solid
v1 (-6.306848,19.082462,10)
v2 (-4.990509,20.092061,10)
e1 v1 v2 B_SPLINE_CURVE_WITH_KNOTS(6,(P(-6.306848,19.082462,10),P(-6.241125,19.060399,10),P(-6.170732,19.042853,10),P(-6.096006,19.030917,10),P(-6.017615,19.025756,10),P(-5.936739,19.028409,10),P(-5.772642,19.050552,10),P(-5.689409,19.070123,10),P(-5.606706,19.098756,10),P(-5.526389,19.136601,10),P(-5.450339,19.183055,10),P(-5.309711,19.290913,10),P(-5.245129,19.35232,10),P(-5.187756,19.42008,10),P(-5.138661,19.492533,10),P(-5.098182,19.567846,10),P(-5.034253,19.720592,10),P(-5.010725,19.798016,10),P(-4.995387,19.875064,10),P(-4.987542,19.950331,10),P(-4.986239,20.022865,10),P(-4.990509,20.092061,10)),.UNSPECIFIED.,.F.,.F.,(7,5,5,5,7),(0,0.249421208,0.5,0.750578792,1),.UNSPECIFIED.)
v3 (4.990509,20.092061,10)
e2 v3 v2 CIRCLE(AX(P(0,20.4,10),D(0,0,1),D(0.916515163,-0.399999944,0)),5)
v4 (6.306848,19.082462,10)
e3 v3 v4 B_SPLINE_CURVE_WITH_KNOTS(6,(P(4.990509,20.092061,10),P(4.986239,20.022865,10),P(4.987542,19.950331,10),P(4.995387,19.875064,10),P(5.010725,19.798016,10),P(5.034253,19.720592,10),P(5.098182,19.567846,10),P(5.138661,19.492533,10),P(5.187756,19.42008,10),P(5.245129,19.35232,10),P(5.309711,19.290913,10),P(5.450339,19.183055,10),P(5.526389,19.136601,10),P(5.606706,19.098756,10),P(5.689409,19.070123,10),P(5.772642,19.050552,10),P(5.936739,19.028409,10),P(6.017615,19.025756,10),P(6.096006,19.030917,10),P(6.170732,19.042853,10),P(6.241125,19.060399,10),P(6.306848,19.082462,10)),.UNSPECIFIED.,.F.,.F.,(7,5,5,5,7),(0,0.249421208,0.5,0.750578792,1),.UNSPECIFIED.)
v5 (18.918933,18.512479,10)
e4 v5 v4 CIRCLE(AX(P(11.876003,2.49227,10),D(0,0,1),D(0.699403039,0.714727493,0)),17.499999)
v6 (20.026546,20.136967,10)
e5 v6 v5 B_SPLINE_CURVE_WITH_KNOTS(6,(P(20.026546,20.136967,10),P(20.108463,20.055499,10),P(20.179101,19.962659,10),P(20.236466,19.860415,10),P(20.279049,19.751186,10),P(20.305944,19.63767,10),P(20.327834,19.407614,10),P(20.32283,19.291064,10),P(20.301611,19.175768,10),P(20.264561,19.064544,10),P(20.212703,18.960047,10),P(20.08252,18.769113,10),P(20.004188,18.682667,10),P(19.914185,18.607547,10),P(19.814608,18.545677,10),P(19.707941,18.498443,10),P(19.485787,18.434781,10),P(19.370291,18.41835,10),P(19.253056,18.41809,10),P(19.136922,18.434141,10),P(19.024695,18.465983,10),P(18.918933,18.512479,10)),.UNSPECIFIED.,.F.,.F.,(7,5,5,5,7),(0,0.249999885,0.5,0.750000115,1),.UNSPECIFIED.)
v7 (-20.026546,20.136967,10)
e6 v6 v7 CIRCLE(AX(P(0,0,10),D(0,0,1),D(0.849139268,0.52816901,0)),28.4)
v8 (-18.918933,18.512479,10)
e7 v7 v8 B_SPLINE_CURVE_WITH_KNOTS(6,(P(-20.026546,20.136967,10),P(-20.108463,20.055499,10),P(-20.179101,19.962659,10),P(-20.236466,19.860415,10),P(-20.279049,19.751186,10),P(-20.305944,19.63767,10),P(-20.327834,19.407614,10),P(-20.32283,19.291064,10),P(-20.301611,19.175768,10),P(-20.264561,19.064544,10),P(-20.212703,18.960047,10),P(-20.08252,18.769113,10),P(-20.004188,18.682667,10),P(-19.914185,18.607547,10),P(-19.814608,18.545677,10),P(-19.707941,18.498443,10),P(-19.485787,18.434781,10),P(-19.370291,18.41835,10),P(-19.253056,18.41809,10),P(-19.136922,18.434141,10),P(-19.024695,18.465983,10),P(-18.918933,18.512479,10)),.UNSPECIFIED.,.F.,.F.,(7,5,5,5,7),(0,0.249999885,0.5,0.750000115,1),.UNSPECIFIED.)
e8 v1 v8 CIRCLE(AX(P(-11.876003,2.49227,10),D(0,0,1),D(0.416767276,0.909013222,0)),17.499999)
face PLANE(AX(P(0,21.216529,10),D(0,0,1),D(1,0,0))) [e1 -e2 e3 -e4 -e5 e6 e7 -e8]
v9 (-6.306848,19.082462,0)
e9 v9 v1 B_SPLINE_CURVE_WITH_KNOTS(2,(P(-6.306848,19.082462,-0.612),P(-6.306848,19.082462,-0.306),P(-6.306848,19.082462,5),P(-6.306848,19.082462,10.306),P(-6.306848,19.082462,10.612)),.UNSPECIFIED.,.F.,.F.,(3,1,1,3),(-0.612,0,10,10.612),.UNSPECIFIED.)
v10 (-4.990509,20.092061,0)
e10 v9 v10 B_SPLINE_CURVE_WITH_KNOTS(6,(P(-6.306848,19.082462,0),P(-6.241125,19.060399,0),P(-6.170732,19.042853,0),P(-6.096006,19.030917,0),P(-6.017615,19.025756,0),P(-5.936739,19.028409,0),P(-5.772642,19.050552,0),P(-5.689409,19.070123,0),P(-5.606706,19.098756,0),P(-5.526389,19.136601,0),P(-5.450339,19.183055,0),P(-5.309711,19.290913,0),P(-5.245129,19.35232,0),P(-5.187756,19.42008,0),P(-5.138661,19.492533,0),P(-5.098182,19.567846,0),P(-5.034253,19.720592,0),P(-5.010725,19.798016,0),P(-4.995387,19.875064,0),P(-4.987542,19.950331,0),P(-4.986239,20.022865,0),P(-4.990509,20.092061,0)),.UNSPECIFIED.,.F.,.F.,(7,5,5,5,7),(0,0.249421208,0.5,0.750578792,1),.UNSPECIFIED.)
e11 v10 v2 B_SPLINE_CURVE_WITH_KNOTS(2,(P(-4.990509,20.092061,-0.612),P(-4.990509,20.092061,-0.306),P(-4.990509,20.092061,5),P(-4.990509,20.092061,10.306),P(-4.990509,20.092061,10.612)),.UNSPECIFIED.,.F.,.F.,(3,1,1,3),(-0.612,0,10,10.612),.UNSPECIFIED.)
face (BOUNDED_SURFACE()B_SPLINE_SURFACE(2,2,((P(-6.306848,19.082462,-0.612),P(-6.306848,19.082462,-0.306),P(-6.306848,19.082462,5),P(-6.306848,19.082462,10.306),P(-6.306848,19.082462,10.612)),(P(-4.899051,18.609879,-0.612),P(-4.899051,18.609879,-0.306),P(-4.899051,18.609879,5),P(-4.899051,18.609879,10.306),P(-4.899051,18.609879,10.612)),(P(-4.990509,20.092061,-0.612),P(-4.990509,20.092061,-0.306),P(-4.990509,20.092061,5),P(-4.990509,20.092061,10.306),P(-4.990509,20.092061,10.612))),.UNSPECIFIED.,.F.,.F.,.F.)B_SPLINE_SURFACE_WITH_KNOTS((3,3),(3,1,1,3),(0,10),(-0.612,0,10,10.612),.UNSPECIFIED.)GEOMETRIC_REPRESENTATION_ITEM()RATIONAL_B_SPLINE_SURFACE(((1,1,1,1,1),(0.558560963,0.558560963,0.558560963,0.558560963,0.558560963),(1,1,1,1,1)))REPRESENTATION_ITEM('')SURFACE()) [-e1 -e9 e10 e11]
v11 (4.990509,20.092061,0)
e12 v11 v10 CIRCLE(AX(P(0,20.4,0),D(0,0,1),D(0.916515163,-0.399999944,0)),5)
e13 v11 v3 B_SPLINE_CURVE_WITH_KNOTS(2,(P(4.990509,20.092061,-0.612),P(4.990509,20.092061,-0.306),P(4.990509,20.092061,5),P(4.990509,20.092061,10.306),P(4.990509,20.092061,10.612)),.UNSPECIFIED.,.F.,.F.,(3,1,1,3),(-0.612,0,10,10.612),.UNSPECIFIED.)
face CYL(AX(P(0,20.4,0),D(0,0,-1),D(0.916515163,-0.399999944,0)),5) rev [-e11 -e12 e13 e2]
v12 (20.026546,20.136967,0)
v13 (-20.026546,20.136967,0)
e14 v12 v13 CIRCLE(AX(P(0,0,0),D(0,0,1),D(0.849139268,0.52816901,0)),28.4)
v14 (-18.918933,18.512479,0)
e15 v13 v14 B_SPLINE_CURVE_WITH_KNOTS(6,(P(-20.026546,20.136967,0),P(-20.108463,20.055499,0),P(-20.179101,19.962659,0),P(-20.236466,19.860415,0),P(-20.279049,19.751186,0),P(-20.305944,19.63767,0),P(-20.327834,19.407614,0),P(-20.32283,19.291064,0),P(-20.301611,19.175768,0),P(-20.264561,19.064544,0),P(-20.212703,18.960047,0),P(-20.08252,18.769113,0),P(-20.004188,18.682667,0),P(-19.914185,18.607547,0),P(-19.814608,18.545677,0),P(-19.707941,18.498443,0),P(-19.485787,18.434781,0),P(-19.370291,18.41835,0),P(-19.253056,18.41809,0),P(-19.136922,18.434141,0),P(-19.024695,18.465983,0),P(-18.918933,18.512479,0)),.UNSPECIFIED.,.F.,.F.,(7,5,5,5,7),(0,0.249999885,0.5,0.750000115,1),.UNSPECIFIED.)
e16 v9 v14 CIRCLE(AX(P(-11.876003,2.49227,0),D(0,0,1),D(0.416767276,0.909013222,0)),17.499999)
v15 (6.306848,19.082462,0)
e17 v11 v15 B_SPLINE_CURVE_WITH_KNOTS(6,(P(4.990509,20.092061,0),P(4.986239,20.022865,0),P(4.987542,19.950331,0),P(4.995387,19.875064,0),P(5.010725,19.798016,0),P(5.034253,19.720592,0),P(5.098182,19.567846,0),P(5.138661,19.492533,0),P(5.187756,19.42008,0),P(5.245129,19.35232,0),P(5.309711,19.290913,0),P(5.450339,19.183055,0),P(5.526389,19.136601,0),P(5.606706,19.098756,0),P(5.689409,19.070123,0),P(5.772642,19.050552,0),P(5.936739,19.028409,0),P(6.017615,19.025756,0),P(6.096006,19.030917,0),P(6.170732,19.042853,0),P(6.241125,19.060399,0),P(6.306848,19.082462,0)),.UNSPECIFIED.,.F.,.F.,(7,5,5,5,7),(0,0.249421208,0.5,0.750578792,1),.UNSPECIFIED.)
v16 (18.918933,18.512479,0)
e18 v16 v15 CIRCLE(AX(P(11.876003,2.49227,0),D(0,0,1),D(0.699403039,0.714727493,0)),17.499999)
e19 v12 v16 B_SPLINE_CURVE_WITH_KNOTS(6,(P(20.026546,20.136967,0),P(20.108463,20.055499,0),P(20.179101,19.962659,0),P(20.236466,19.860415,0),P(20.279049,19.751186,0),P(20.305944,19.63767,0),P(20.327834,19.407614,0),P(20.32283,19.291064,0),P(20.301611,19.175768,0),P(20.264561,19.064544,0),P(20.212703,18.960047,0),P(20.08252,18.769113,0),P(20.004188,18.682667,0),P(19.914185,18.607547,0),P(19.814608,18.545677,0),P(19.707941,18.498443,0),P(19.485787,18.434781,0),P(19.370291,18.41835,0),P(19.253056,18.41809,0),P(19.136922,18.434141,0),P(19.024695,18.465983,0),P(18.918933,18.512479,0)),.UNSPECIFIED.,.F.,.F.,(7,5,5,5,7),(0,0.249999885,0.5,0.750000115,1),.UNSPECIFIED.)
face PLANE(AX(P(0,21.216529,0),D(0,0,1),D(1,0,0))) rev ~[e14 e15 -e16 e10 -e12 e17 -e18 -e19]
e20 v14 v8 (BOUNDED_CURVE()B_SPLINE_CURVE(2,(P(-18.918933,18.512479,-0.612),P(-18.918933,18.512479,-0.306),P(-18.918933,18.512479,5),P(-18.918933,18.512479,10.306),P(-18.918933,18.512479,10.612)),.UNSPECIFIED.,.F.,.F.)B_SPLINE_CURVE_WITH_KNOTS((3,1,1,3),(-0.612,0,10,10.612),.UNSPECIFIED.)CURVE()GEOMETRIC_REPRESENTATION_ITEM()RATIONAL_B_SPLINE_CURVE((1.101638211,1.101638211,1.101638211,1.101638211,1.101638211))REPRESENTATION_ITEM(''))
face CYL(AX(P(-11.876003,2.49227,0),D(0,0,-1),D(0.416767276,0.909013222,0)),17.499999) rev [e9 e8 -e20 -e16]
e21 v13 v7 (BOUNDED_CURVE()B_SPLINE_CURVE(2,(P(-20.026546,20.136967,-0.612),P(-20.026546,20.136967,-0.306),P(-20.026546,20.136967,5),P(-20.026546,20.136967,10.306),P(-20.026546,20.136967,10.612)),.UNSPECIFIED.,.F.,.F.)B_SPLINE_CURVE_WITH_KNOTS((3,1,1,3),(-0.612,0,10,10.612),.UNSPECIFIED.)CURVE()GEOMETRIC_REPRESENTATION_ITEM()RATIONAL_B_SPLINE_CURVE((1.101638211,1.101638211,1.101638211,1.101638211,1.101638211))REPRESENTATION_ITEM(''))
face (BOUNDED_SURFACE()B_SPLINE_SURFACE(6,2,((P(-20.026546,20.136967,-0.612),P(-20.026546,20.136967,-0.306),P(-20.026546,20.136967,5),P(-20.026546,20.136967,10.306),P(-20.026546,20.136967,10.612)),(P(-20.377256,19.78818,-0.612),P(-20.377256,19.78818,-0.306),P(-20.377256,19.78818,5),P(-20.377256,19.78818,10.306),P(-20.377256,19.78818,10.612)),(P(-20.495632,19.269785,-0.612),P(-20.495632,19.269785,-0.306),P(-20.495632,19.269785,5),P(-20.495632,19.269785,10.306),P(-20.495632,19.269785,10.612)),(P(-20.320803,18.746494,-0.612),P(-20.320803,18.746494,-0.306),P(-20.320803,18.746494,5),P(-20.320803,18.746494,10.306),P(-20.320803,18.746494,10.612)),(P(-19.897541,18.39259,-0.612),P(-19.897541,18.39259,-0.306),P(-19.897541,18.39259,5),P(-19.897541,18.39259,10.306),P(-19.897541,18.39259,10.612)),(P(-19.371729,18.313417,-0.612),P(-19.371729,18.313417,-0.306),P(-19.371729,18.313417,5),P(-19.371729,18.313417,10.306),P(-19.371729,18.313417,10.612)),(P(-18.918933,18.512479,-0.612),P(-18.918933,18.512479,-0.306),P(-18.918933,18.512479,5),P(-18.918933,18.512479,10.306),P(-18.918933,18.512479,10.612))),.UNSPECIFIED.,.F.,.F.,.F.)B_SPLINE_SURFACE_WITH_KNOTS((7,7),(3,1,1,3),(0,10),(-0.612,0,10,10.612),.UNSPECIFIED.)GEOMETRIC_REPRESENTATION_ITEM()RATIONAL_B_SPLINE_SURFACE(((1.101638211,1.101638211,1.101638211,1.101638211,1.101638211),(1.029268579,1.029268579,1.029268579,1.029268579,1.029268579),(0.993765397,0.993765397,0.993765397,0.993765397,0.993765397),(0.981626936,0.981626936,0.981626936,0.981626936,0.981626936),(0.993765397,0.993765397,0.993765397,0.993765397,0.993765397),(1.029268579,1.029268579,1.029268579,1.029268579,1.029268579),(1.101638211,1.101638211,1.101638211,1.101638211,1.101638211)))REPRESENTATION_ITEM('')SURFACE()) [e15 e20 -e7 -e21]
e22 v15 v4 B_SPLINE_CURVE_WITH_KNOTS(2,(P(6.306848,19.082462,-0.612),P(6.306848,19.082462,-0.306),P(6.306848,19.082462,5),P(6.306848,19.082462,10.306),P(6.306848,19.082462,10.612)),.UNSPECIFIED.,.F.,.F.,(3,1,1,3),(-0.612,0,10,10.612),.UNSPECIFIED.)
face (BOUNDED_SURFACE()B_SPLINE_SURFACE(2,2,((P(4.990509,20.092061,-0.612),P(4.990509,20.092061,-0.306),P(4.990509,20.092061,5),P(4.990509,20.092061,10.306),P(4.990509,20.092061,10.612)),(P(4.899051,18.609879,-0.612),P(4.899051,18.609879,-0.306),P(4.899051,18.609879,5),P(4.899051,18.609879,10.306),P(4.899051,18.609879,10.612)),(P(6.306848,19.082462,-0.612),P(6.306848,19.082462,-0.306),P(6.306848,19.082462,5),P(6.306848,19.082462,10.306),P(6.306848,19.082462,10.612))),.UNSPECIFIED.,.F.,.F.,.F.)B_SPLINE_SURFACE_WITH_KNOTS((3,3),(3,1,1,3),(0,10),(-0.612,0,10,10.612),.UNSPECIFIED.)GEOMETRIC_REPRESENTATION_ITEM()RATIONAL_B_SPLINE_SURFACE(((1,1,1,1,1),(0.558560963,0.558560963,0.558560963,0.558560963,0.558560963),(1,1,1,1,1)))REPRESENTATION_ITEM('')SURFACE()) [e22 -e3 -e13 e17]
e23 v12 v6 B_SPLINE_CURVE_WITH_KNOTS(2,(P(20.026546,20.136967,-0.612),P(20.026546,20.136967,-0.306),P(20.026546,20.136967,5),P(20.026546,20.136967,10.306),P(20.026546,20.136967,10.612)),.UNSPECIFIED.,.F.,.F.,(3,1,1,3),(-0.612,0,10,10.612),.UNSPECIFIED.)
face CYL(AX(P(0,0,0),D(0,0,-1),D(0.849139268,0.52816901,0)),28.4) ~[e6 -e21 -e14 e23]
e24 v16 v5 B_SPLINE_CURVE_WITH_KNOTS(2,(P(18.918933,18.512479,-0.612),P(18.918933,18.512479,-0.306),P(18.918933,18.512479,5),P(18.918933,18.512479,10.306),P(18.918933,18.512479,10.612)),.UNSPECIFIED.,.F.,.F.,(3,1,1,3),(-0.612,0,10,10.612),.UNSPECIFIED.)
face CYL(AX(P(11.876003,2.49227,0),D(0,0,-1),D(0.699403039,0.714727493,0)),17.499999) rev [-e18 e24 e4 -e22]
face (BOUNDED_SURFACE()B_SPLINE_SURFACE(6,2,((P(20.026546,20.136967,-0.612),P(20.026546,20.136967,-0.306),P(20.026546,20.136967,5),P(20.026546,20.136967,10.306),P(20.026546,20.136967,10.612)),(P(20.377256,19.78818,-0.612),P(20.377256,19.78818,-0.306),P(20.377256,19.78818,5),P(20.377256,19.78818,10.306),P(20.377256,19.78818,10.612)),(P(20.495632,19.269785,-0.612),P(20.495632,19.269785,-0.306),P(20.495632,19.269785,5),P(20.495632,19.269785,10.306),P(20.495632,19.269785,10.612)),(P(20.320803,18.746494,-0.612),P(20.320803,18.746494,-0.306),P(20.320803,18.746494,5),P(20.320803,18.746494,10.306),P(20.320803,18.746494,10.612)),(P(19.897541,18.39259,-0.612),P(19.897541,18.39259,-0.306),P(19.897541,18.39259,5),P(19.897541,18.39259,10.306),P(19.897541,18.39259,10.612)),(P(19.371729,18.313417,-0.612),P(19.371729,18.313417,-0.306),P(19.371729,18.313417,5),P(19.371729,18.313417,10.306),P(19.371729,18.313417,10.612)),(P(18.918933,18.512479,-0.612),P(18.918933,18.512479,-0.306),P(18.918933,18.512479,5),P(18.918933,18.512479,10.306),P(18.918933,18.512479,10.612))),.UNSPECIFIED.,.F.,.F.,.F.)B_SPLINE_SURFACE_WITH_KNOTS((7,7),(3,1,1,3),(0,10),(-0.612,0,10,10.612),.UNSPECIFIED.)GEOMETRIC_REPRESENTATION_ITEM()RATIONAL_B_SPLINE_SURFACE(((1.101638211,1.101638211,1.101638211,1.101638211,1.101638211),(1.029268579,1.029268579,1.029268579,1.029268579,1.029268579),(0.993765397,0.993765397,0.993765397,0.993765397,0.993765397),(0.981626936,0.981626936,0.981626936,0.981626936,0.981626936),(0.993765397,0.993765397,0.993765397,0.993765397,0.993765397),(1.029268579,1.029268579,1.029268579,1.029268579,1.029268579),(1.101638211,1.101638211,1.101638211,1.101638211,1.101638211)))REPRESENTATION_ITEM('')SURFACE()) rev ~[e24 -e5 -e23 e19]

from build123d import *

# Parameters (mm, degrees)
PAD_DEPTH = 10
FILLET_R  = 1


with BuildPart() as part:
    # Sketch → Pad (new body)
    with BuildSketch(Plane.XY):
        with BuildLine():
            ThreePointArc((24.115555, 15), (0, 28.4), (-24.115555, 15))
            ThreePointArc((-4.582576, 18.4), (-14.877009, 19.733033), (-24.115555, 15))
            ThreePointArc((4.582576, 18.4), (0, 25.4), (-4.582576, 18.4))
            ThreePointArc((24.115555, 15), (14.877009, 19.733033), (4.582576, 18.4))
        make_face()
    extrude(amount=PAD_DEPTH)

    # Fillet
    fillet_edges = [part.edges().sort_by_distance(p)[0] for p in [
        (-24.115555, 15, 5),
        (-4.582576, 18.4, 5),
        (4.582576, 18.4, 5),
        (24.115555, 15, 5),
    ]]
    fillet(fillet_edges, radius=FILLET_R)


solid = part.part
